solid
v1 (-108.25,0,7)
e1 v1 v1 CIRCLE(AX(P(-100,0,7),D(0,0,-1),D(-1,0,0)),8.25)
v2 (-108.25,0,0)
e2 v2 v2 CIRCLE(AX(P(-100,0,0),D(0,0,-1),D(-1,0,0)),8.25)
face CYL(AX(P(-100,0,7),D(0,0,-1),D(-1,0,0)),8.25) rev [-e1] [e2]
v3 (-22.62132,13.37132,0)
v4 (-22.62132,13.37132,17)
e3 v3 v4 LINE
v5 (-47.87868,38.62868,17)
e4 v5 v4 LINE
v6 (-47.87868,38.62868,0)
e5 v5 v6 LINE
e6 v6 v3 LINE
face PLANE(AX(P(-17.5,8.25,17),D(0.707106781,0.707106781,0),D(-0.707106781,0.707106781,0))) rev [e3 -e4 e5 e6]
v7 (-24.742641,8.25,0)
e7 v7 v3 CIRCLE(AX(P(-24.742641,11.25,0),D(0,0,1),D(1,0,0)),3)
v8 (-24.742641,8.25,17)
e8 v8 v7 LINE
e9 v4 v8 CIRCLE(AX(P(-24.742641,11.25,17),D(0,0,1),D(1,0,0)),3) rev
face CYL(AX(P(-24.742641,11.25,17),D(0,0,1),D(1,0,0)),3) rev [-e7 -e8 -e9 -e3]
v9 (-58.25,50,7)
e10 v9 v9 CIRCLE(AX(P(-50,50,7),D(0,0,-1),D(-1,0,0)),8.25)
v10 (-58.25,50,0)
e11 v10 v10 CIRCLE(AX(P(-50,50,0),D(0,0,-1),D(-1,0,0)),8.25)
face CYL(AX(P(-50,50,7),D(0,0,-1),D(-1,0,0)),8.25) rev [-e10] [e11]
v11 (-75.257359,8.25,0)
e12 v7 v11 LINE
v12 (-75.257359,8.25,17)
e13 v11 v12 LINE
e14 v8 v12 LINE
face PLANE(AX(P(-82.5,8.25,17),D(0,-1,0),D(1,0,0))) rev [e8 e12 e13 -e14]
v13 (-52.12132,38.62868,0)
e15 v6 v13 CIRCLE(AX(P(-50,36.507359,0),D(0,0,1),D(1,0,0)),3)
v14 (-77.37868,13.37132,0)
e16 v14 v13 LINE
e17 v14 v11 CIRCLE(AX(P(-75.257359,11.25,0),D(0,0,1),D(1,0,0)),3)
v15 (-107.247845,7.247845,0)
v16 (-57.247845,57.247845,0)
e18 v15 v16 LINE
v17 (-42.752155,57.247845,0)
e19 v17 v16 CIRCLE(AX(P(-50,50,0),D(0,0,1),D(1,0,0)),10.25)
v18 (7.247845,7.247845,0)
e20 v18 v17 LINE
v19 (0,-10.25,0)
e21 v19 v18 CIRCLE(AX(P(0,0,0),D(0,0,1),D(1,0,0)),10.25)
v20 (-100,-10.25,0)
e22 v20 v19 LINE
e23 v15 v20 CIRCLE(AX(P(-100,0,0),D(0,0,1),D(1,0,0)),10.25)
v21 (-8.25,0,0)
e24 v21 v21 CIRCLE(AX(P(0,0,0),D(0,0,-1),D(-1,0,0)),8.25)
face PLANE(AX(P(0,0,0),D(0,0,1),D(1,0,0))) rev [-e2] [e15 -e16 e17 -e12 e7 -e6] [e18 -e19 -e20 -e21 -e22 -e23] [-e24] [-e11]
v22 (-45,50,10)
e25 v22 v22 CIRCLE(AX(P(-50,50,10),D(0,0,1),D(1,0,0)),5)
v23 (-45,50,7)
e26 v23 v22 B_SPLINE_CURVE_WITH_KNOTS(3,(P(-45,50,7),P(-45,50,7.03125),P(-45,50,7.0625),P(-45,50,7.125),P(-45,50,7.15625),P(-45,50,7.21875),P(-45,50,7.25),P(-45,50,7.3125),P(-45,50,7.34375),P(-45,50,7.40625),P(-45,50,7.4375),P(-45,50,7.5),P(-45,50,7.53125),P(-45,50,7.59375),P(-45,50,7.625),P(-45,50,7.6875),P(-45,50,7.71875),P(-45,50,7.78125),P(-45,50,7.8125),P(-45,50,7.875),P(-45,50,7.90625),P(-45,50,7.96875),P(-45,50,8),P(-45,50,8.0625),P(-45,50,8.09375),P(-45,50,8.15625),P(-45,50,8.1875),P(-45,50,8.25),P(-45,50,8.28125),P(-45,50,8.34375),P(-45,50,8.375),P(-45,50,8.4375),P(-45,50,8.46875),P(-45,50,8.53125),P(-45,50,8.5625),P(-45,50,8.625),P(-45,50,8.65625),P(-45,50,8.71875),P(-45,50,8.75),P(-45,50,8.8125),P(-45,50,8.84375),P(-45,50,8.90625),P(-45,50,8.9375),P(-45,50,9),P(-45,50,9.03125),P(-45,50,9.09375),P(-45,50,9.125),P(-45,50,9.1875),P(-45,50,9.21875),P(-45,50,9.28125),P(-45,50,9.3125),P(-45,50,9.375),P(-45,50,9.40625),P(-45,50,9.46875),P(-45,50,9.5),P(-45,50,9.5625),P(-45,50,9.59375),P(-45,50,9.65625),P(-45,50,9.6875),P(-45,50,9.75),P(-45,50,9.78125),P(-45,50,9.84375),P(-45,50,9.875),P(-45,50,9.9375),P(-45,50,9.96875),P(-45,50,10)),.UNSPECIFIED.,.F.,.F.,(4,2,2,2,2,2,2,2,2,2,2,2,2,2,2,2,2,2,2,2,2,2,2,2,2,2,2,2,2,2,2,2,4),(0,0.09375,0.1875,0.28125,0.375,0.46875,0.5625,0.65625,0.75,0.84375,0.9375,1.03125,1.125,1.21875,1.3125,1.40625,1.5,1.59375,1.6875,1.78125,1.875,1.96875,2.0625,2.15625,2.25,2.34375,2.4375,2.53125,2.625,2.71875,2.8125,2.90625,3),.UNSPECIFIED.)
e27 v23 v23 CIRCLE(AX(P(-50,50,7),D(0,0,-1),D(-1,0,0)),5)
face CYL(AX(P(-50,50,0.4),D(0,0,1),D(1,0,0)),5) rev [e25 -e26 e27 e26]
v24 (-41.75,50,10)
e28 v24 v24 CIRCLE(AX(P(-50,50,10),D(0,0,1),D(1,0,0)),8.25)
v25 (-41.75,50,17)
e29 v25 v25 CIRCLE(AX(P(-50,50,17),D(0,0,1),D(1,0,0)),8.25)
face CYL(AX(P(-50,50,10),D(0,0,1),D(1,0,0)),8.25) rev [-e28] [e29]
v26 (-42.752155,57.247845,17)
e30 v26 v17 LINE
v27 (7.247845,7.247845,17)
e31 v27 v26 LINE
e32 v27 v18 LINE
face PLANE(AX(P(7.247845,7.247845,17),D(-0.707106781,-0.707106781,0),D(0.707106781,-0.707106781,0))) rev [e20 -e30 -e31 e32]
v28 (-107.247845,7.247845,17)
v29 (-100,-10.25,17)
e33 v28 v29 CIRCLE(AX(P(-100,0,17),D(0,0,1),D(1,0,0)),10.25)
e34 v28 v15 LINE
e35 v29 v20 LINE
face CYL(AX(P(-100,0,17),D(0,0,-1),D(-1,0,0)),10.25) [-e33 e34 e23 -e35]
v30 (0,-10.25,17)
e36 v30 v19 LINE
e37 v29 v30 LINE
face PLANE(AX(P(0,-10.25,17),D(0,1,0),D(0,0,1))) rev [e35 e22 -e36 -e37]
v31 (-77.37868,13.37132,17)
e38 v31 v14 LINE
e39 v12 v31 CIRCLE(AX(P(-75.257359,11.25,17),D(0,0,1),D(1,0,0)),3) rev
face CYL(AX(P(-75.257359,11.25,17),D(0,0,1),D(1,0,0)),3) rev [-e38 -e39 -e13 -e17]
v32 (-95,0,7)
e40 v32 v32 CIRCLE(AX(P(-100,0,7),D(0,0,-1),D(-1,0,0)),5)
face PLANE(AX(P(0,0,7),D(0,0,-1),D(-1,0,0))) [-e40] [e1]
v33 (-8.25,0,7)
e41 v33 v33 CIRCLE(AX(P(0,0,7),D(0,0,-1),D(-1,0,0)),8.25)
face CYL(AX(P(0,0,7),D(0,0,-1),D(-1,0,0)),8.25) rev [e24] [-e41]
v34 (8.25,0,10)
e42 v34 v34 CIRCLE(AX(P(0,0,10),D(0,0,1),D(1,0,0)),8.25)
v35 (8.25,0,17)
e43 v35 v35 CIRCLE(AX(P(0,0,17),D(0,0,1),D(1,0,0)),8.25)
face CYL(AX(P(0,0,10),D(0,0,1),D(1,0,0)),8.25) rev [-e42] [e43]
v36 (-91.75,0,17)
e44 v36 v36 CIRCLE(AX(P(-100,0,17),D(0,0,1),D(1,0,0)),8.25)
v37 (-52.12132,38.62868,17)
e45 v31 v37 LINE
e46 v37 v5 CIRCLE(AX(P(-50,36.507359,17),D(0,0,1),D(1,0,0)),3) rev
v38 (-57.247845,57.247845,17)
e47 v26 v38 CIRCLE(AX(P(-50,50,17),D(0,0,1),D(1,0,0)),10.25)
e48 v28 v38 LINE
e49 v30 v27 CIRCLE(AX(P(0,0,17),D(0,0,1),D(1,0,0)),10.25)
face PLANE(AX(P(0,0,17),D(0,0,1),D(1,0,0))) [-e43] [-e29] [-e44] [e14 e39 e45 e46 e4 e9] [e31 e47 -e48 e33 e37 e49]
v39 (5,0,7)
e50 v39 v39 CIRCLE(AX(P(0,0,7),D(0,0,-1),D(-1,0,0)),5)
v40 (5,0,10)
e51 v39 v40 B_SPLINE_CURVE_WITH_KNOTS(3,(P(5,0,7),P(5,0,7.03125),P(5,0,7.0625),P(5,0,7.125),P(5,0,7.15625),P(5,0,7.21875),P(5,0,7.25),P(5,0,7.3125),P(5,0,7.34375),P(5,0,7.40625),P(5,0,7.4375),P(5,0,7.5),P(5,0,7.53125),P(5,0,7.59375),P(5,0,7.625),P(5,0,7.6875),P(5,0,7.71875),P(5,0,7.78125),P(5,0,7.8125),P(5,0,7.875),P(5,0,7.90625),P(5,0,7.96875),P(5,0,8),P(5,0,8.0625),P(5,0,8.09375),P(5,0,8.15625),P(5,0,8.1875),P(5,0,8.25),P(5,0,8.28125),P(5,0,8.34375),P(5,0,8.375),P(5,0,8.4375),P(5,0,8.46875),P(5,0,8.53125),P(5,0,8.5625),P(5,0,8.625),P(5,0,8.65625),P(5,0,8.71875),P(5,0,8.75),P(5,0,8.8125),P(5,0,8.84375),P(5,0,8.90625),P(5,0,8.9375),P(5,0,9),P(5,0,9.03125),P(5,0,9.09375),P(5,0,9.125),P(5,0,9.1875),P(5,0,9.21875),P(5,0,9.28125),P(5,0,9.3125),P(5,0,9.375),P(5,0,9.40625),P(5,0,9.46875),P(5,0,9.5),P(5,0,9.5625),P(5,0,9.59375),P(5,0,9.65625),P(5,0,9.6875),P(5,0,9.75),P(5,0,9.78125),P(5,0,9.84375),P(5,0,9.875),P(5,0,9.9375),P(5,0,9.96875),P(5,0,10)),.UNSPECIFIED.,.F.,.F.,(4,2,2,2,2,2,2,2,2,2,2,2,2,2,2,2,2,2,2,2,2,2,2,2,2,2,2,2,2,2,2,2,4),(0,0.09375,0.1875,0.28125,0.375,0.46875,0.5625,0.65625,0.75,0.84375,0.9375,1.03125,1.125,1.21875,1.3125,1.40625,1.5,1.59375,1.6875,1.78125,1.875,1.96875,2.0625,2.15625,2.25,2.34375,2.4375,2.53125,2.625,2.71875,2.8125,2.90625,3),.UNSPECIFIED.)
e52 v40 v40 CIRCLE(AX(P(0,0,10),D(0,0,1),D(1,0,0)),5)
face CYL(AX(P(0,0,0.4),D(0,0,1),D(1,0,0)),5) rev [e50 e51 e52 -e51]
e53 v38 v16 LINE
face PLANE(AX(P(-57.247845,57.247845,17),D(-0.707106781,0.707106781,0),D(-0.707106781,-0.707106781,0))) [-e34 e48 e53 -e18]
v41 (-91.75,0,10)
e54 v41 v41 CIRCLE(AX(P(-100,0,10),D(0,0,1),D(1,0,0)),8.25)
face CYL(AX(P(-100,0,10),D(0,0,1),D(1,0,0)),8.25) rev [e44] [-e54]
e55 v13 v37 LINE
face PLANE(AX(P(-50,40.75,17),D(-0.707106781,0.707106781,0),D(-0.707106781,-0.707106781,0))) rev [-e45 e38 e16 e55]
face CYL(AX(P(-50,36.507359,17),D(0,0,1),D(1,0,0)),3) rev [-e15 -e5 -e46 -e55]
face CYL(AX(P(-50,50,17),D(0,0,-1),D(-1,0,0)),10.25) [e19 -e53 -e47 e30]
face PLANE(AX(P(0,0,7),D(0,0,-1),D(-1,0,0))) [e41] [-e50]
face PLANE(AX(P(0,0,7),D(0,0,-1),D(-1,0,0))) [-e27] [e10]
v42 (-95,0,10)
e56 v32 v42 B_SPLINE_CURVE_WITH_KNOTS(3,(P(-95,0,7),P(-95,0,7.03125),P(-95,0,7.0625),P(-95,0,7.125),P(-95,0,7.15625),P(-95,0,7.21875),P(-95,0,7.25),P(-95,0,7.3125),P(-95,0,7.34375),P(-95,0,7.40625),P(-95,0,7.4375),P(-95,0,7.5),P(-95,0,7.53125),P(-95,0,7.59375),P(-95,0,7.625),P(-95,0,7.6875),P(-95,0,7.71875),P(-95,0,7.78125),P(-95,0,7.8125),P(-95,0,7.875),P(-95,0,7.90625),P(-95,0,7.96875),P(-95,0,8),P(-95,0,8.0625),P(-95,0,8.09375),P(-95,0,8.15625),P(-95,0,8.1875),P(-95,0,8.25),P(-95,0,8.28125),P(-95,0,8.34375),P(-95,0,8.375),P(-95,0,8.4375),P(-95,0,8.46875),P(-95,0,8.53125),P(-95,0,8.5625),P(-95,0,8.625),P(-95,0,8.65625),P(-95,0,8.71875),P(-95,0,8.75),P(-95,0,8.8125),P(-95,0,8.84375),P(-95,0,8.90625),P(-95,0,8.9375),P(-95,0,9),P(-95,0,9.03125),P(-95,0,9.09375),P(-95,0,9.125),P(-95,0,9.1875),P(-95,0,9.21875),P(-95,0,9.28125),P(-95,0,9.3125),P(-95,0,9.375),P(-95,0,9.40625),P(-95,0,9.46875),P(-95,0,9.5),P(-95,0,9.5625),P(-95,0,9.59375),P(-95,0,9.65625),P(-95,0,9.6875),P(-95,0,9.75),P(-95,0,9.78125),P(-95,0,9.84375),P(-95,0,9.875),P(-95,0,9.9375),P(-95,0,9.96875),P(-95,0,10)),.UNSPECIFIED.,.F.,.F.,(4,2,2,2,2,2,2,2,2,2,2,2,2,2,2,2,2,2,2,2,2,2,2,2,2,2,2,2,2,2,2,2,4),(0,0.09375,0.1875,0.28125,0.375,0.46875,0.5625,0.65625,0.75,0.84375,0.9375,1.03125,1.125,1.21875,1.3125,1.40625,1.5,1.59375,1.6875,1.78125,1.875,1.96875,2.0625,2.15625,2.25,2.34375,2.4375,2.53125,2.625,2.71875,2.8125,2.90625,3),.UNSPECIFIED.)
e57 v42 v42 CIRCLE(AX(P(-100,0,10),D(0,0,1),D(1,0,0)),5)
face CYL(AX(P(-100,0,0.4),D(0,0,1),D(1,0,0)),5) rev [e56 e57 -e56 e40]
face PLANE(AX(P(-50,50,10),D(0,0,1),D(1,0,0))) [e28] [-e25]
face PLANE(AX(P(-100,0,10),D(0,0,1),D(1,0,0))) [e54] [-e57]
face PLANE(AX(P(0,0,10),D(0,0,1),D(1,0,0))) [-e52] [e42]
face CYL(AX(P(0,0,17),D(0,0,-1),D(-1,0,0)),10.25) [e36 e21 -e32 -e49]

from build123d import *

# Parameters (mm, degrees)
BOSS_EXTRUDE4_DEPTH = 17
SKETCH3_R           = 8.25
CUT_EXTRUDE1_DEPTH  = 7
CUT_EXTRUDE2_START  = -7
SKETCH4_R           = 8.25
CUT_EXTRUDE2_DEPTH  = 7
CUT_EXTRUDE3_DEPTH  = 127.783772621
SKETCH6_R           = 5
CUT_EXTRUDE4_DEPTH  = 16.6
FILLET1_R           = 3


with BuildPart() as part:
    # Sketch2 → Boss-Extrude4 (new body)
    with BuildSketch(Plane.XY):
        with BuildLine():
            Line((-100, 10.25), (0, 10.25))
            ThreePointArc((0, 10.25), (10.25, 0), (0, -10.25))
            Line((0, -10.25), (-100, -10.25))
            ThreePointArc((-100, -10.25), (-110.25, 0), (-100, 10.25))
        make_face()
        with BuildLine():
            Line((-7.247844507, -7.247844507), (-57.247844507, 42.752155493))
            ThreePointArc((-57.247844507, 42.752155493), (-57.247844507, 57.247844507), (-42.752155493, 57.247844507))
            Line((-42.752155493, 57.247844507), (7.247844507, 7.247844507))
            ThreePointArc((7.247844507, 7.247844507), (7.247844507, -7.247844507), (-7.247844507, -7.247844507))
        make_face()
        with BuildLine():
            Line((-107.247844507, 7.247844507), (-57.247844507, 57.247844507))
            ThreePointArc((-57.247844507, 57.247844507), (-42.752155493, 57.247844507), (-42.752155493, 42.752155493))
            Line((-42.752155493, 42.752155493), (-92.752155493, -7.247844507))
            ThreePointArc((-92.752155493, -7.247844507), (-107.247844507, -7.247844507), (-107.247844507, 7.247844507))
        make_face()
    extrude(amount=BOSS_EXTRUDE4_DEPTH)

    # Sketch3 → Cut-Extrude1 (cut)
    with BuildSketch(Plane(origin=(0, 0, 0), x_dir=(-1, 0, 0), z_dir=(0, 0, -1))):
        Circle(SKETCH3_R)
        with Locations((50, 50)):
            Circle(SKETCH3_R)
        with Locations((100, 0)):
            Circle(SKETCH3_R)
    extrude(amount=-CUT_EXTRUDE1_DEPTH, mode=Mode.SUBTRACT)

    # Sketch4 → Cut-Extrude2 (cut)
    with BuildSketch(Plane.XY.offset(17).offset(CUT_EXTRUDE2_START)):
        with Locations(Location((-100, 0, 0), (0, 0, 180))):
            Circle(SKETCH4_R)
        with Locations(Location((-50, 50, 0), (0, 0, 180))):
            Circle(SKETCH4_R)
        with Locations(Location((0, 0, 0), (0, 0, 180))):
            Circle(SKETCH4_R)
    extrude(amount=CUT_EXTRUDE2_DEPTH, mode=Mode.SUBTRACT)

    # Sketch5 → Cut-Extrude3 (cut, through all)
    with BuildSketch(Plane(origin=(0, 0, 0), x_dir=(-1, 0, 0), z_dir=(0, 0, -1))):
        Polygon((17.5, 8.25), (50, 40.75), (82.5, 8.25), align=None)
    extrude(amount=-CUT_EXTRUDE3_DEPTH, mode=Mode.SUBTRACT)

    # Sketch6 → Cut-Extrude4 (cut)
    with BuildSketch(Plane.XY.offset(17)):
        with Locations((-100, 0)):
            Circle(SKETCH6_R)
        with Locations((-50, 50)):
            Circle(SKETCH6_R)
        Circle(SKETCH6_R)
    extrude(amount=-CUT_EXTRUDE4_DEPTH, mode=Mode.SUBTRACT)

    # Fillet1
    fillet1_edges = [part.edges().sort_by_distance(p)[0] for p in [
        (-82.5, 8.25, 8.5),
        (-17.5, 8.25, 8.5),
        (-50, 40.75, 8.5),
    ]]
    fillet(fillet1_edges, radius=FILLET1_R)


solid = part.part
